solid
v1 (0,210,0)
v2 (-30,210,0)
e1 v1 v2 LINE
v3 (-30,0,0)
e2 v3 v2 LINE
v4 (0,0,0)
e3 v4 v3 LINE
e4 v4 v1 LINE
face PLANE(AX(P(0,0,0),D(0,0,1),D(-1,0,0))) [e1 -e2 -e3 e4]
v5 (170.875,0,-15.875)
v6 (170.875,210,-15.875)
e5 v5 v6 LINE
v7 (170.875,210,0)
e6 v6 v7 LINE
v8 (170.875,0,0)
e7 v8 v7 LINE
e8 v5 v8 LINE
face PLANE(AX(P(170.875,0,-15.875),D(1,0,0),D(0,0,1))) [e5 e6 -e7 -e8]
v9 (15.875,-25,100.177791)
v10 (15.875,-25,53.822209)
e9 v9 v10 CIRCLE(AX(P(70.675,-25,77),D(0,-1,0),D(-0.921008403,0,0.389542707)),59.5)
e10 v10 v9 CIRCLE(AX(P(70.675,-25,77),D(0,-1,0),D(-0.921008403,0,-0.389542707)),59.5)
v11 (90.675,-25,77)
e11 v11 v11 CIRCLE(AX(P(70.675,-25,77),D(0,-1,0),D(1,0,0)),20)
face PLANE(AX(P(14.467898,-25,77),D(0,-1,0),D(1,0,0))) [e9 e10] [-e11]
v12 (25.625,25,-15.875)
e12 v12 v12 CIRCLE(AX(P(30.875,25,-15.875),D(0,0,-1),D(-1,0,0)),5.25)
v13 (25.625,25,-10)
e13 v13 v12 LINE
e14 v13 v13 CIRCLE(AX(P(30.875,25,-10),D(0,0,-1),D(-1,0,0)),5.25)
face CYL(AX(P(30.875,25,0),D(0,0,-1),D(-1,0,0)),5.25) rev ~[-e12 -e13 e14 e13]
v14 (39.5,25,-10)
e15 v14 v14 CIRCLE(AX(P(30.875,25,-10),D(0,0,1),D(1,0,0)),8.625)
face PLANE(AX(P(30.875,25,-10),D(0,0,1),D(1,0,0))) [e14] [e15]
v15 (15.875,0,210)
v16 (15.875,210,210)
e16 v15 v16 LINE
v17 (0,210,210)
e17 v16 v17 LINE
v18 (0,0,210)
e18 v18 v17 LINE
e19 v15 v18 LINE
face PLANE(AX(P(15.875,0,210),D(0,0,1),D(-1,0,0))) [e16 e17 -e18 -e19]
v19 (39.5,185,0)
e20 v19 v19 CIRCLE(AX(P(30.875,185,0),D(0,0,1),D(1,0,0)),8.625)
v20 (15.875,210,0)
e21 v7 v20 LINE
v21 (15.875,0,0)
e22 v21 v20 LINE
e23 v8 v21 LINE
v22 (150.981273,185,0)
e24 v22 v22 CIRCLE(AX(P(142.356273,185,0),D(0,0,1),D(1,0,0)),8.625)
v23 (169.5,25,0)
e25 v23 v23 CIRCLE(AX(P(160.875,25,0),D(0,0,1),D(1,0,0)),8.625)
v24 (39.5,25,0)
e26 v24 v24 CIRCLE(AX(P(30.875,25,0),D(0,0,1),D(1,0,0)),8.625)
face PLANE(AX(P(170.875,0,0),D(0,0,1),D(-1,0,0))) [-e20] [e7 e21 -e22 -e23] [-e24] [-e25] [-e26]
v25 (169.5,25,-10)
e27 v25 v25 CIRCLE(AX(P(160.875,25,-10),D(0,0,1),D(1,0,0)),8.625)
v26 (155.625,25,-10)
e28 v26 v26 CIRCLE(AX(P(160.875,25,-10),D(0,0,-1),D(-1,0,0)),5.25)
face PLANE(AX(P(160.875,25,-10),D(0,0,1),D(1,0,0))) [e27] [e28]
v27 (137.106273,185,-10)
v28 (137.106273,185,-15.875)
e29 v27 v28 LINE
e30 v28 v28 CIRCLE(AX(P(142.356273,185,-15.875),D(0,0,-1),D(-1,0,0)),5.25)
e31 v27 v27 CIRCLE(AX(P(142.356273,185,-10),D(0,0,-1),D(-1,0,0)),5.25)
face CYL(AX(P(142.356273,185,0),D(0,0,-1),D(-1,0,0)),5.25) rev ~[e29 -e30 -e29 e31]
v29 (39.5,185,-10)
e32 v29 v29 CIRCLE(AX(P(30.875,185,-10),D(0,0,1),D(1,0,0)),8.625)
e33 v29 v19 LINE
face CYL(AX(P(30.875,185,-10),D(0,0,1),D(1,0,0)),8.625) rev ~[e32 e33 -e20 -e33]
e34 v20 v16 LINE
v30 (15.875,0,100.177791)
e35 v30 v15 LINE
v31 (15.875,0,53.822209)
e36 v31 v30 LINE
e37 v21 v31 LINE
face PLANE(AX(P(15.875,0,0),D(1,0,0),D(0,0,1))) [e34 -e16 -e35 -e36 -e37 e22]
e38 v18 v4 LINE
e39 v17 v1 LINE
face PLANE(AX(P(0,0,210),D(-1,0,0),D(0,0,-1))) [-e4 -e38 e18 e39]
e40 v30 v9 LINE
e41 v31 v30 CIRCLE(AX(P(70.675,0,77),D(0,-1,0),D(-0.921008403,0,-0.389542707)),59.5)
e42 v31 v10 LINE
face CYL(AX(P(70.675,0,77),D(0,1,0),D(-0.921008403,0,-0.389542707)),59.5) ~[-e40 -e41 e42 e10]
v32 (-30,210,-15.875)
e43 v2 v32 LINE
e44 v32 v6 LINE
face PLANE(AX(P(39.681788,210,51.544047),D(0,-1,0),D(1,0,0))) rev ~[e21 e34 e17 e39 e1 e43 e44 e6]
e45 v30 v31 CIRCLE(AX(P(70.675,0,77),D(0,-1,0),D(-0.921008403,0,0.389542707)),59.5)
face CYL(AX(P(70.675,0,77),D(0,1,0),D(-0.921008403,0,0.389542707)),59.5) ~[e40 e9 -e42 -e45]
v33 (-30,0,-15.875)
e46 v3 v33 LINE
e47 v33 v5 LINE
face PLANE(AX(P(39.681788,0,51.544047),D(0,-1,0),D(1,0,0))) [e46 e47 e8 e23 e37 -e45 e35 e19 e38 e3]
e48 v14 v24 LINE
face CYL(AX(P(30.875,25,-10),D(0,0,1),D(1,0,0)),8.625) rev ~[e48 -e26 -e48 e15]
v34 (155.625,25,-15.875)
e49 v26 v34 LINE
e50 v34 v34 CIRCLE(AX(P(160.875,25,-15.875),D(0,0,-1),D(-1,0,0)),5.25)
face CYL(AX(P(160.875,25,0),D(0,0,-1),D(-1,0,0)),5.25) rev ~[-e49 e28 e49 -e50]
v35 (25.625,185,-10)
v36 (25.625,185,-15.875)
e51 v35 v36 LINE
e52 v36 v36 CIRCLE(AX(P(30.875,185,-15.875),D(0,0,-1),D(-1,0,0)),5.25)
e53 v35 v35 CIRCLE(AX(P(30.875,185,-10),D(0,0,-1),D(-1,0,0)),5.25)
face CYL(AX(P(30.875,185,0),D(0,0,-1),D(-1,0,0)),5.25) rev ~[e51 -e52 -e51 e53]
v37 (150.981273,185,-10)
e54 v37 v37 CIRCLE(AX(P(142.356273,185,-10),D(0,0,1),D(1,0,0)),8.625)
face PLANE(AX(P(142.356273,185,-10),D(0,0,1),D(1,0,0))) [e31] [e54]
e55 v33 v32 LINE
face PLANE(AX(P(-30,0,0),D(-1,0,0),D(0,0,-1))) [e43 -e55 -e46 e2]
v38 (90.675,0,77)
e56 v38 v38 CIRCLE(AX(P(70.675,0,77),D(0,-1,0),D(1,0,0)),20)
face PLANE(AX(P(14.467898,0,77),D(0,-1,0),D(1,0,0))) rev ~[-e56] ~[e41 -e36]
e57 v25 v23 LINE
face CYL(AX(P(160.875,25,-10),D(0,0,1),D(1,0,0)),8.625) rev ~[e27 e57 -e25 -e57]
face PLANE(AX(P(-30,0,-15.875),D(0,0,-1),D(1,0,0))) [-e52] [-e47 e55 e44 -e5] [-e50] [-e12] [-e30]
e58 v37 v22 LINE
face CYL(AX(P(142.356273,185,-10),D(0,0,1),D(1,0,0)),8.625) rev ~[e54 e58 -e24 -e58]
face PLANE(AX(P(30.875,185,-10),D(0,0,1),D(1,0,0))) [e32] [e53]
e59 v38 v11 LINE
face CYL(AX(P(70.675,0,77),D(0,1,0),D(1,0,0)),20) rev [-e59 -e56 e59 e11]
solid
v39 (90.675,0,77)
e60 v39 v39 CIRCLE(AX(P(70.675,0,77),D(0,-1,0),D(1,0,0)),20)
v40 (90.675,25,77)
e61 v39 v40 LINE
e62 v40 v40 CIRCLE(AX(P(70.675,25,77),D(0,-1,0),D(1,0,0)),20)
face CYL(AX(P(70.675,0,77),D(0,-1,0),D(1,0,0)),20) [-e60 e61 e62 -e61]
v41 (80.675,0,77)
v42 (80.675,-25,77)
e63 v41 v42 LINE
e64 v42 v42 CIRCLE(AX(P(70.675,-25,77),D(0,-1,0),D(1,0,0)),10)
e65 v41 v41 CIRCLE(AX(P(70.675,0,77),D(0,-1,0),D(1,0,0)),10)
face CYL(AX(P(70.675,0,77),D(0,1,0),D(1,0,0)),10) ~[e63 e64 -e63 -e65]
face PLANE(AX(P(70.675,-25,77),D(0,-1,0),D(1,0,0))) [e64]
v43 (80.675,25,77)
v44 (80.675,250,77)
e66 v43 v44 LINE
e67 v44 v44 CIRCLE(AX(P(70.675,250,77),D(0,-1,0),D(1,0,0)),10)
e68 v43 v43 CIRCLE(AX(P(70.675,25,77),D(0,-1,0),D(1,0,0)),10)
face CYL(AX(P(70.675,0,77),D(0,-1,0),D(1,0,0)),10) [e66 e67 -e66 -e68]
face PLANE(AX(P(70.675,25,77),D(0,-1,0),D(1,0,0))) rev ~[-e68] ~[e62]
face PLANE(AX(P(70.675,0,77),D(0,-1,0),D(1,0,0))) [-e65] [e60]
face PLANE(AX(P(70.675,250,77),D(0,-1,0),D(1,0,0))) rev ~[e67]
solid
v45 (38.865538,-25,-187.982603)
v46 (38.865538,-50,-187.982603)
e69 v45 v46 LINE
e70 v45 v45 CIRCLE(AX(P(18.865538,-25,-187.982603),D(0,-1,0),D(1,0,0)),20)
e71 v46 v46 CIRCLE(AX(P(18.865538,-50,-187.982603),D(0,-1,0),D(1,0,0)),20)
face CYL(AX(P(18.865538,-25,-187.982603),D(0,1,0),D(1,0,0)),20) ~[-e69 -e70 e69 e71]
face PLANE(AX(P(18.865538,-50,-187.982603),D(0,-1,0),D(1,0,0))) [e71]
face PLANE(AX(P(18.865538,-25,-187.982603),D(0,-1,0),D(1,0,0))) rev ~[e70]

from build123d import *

# Parameters (mm, degrees)
F1_DEPTH       = 210
F3_D           = 10.5
F3_CBORE_D     = 17.25
F3_CBORE_DEPTH = 10
F4_R           = 20
F5_DEPTH       = 25
F4_R_2         = 10
F6_DEPTH       = 25
F7_DEPTH       = 25
F7_DEPTH_BACK  = 250
F8_R           = 20
F9_DEPTH       = 25


with BuildPart() as f1:
    # F0 (on Front) → F1 (new body)
    with BuildSketch(Plane.XZ):
        Polygon((0, 210), (0, 0), (-30, 0), (-30, -15.875), (170.875, -15.875), (170.875, 0), (15.875, 0), (15.875, 210), align=None)
    extrude(amount=-F1_DEPTH)

    # F3 (through all)
    with Locations(Plane.XY):
        with Locations((30.875, 25), (160.875, 25), (142.3562726393, 185), (30.875, 185)):
            CounterBoreHole(F3_D / 2, F3_CBORE_D / 2, F3_CBORE_DEPTH)

    # F4 (on face) → F5 (join)
    with BuildSketch(Plane.XZ):
        with BuildLine():
            Line((15.875, 53.8222089059), (15.875, 100.1777910941))
            ThreePointArc((15.875, 100.1777910941), (11.175, 77), (15.875, 53.8222089059))
        make_face()
        with BuildLine():
            ThreePointArc((15.875, 53.8222089059), (82.4997621541, 18.6868368205), (130.175, 77))
            ThreePointArc((130.175, 77), (82.4997621541, 135.3131631795), (15.875, 100.1777910941))
            Line((15.875, 100.1777910941), (15.875, 53.8222089059))
        make_face()
        with Locations((70.675, 77)):
            Circle(F4_R, mode=Mode.SUBTRACT)
    extrude(amount=F5_DEPTH)

    # F4 (on face) → F6 (join)
    with BuildSketch(Plane.XZ):
        with Locations((70.675, 77)):
            Circle(F4_R)
        with Locations((70.675, 77)):
            Circle(F4_R_2, mode=Mode.SUBTRACT)
    extrude(amount=-F6_DEPTH)

    # F4 (on face) → F7 (join, two sides)
    with BuildSketch(Plane.XZ) as f7_sk:
        with Locations((70.675, 77)):
            Circle(F4_R_2)
    extrude(amount=F7_DEPTH)
    extrude(f7_sk.sketch, amount=-F7_DEPTH_BACK)


with BuildPart() as f9:
    # F8 (on face) → F9 (new body)
    with BuildSketch(Plane.XZ.offset(25)):
        with Locations((18.8655378835, -187.9826025142)):
            Circle(F8_R)
    extrude(amount=F9_DEPTH)


solid = Compound([f1.part, f9.part])
